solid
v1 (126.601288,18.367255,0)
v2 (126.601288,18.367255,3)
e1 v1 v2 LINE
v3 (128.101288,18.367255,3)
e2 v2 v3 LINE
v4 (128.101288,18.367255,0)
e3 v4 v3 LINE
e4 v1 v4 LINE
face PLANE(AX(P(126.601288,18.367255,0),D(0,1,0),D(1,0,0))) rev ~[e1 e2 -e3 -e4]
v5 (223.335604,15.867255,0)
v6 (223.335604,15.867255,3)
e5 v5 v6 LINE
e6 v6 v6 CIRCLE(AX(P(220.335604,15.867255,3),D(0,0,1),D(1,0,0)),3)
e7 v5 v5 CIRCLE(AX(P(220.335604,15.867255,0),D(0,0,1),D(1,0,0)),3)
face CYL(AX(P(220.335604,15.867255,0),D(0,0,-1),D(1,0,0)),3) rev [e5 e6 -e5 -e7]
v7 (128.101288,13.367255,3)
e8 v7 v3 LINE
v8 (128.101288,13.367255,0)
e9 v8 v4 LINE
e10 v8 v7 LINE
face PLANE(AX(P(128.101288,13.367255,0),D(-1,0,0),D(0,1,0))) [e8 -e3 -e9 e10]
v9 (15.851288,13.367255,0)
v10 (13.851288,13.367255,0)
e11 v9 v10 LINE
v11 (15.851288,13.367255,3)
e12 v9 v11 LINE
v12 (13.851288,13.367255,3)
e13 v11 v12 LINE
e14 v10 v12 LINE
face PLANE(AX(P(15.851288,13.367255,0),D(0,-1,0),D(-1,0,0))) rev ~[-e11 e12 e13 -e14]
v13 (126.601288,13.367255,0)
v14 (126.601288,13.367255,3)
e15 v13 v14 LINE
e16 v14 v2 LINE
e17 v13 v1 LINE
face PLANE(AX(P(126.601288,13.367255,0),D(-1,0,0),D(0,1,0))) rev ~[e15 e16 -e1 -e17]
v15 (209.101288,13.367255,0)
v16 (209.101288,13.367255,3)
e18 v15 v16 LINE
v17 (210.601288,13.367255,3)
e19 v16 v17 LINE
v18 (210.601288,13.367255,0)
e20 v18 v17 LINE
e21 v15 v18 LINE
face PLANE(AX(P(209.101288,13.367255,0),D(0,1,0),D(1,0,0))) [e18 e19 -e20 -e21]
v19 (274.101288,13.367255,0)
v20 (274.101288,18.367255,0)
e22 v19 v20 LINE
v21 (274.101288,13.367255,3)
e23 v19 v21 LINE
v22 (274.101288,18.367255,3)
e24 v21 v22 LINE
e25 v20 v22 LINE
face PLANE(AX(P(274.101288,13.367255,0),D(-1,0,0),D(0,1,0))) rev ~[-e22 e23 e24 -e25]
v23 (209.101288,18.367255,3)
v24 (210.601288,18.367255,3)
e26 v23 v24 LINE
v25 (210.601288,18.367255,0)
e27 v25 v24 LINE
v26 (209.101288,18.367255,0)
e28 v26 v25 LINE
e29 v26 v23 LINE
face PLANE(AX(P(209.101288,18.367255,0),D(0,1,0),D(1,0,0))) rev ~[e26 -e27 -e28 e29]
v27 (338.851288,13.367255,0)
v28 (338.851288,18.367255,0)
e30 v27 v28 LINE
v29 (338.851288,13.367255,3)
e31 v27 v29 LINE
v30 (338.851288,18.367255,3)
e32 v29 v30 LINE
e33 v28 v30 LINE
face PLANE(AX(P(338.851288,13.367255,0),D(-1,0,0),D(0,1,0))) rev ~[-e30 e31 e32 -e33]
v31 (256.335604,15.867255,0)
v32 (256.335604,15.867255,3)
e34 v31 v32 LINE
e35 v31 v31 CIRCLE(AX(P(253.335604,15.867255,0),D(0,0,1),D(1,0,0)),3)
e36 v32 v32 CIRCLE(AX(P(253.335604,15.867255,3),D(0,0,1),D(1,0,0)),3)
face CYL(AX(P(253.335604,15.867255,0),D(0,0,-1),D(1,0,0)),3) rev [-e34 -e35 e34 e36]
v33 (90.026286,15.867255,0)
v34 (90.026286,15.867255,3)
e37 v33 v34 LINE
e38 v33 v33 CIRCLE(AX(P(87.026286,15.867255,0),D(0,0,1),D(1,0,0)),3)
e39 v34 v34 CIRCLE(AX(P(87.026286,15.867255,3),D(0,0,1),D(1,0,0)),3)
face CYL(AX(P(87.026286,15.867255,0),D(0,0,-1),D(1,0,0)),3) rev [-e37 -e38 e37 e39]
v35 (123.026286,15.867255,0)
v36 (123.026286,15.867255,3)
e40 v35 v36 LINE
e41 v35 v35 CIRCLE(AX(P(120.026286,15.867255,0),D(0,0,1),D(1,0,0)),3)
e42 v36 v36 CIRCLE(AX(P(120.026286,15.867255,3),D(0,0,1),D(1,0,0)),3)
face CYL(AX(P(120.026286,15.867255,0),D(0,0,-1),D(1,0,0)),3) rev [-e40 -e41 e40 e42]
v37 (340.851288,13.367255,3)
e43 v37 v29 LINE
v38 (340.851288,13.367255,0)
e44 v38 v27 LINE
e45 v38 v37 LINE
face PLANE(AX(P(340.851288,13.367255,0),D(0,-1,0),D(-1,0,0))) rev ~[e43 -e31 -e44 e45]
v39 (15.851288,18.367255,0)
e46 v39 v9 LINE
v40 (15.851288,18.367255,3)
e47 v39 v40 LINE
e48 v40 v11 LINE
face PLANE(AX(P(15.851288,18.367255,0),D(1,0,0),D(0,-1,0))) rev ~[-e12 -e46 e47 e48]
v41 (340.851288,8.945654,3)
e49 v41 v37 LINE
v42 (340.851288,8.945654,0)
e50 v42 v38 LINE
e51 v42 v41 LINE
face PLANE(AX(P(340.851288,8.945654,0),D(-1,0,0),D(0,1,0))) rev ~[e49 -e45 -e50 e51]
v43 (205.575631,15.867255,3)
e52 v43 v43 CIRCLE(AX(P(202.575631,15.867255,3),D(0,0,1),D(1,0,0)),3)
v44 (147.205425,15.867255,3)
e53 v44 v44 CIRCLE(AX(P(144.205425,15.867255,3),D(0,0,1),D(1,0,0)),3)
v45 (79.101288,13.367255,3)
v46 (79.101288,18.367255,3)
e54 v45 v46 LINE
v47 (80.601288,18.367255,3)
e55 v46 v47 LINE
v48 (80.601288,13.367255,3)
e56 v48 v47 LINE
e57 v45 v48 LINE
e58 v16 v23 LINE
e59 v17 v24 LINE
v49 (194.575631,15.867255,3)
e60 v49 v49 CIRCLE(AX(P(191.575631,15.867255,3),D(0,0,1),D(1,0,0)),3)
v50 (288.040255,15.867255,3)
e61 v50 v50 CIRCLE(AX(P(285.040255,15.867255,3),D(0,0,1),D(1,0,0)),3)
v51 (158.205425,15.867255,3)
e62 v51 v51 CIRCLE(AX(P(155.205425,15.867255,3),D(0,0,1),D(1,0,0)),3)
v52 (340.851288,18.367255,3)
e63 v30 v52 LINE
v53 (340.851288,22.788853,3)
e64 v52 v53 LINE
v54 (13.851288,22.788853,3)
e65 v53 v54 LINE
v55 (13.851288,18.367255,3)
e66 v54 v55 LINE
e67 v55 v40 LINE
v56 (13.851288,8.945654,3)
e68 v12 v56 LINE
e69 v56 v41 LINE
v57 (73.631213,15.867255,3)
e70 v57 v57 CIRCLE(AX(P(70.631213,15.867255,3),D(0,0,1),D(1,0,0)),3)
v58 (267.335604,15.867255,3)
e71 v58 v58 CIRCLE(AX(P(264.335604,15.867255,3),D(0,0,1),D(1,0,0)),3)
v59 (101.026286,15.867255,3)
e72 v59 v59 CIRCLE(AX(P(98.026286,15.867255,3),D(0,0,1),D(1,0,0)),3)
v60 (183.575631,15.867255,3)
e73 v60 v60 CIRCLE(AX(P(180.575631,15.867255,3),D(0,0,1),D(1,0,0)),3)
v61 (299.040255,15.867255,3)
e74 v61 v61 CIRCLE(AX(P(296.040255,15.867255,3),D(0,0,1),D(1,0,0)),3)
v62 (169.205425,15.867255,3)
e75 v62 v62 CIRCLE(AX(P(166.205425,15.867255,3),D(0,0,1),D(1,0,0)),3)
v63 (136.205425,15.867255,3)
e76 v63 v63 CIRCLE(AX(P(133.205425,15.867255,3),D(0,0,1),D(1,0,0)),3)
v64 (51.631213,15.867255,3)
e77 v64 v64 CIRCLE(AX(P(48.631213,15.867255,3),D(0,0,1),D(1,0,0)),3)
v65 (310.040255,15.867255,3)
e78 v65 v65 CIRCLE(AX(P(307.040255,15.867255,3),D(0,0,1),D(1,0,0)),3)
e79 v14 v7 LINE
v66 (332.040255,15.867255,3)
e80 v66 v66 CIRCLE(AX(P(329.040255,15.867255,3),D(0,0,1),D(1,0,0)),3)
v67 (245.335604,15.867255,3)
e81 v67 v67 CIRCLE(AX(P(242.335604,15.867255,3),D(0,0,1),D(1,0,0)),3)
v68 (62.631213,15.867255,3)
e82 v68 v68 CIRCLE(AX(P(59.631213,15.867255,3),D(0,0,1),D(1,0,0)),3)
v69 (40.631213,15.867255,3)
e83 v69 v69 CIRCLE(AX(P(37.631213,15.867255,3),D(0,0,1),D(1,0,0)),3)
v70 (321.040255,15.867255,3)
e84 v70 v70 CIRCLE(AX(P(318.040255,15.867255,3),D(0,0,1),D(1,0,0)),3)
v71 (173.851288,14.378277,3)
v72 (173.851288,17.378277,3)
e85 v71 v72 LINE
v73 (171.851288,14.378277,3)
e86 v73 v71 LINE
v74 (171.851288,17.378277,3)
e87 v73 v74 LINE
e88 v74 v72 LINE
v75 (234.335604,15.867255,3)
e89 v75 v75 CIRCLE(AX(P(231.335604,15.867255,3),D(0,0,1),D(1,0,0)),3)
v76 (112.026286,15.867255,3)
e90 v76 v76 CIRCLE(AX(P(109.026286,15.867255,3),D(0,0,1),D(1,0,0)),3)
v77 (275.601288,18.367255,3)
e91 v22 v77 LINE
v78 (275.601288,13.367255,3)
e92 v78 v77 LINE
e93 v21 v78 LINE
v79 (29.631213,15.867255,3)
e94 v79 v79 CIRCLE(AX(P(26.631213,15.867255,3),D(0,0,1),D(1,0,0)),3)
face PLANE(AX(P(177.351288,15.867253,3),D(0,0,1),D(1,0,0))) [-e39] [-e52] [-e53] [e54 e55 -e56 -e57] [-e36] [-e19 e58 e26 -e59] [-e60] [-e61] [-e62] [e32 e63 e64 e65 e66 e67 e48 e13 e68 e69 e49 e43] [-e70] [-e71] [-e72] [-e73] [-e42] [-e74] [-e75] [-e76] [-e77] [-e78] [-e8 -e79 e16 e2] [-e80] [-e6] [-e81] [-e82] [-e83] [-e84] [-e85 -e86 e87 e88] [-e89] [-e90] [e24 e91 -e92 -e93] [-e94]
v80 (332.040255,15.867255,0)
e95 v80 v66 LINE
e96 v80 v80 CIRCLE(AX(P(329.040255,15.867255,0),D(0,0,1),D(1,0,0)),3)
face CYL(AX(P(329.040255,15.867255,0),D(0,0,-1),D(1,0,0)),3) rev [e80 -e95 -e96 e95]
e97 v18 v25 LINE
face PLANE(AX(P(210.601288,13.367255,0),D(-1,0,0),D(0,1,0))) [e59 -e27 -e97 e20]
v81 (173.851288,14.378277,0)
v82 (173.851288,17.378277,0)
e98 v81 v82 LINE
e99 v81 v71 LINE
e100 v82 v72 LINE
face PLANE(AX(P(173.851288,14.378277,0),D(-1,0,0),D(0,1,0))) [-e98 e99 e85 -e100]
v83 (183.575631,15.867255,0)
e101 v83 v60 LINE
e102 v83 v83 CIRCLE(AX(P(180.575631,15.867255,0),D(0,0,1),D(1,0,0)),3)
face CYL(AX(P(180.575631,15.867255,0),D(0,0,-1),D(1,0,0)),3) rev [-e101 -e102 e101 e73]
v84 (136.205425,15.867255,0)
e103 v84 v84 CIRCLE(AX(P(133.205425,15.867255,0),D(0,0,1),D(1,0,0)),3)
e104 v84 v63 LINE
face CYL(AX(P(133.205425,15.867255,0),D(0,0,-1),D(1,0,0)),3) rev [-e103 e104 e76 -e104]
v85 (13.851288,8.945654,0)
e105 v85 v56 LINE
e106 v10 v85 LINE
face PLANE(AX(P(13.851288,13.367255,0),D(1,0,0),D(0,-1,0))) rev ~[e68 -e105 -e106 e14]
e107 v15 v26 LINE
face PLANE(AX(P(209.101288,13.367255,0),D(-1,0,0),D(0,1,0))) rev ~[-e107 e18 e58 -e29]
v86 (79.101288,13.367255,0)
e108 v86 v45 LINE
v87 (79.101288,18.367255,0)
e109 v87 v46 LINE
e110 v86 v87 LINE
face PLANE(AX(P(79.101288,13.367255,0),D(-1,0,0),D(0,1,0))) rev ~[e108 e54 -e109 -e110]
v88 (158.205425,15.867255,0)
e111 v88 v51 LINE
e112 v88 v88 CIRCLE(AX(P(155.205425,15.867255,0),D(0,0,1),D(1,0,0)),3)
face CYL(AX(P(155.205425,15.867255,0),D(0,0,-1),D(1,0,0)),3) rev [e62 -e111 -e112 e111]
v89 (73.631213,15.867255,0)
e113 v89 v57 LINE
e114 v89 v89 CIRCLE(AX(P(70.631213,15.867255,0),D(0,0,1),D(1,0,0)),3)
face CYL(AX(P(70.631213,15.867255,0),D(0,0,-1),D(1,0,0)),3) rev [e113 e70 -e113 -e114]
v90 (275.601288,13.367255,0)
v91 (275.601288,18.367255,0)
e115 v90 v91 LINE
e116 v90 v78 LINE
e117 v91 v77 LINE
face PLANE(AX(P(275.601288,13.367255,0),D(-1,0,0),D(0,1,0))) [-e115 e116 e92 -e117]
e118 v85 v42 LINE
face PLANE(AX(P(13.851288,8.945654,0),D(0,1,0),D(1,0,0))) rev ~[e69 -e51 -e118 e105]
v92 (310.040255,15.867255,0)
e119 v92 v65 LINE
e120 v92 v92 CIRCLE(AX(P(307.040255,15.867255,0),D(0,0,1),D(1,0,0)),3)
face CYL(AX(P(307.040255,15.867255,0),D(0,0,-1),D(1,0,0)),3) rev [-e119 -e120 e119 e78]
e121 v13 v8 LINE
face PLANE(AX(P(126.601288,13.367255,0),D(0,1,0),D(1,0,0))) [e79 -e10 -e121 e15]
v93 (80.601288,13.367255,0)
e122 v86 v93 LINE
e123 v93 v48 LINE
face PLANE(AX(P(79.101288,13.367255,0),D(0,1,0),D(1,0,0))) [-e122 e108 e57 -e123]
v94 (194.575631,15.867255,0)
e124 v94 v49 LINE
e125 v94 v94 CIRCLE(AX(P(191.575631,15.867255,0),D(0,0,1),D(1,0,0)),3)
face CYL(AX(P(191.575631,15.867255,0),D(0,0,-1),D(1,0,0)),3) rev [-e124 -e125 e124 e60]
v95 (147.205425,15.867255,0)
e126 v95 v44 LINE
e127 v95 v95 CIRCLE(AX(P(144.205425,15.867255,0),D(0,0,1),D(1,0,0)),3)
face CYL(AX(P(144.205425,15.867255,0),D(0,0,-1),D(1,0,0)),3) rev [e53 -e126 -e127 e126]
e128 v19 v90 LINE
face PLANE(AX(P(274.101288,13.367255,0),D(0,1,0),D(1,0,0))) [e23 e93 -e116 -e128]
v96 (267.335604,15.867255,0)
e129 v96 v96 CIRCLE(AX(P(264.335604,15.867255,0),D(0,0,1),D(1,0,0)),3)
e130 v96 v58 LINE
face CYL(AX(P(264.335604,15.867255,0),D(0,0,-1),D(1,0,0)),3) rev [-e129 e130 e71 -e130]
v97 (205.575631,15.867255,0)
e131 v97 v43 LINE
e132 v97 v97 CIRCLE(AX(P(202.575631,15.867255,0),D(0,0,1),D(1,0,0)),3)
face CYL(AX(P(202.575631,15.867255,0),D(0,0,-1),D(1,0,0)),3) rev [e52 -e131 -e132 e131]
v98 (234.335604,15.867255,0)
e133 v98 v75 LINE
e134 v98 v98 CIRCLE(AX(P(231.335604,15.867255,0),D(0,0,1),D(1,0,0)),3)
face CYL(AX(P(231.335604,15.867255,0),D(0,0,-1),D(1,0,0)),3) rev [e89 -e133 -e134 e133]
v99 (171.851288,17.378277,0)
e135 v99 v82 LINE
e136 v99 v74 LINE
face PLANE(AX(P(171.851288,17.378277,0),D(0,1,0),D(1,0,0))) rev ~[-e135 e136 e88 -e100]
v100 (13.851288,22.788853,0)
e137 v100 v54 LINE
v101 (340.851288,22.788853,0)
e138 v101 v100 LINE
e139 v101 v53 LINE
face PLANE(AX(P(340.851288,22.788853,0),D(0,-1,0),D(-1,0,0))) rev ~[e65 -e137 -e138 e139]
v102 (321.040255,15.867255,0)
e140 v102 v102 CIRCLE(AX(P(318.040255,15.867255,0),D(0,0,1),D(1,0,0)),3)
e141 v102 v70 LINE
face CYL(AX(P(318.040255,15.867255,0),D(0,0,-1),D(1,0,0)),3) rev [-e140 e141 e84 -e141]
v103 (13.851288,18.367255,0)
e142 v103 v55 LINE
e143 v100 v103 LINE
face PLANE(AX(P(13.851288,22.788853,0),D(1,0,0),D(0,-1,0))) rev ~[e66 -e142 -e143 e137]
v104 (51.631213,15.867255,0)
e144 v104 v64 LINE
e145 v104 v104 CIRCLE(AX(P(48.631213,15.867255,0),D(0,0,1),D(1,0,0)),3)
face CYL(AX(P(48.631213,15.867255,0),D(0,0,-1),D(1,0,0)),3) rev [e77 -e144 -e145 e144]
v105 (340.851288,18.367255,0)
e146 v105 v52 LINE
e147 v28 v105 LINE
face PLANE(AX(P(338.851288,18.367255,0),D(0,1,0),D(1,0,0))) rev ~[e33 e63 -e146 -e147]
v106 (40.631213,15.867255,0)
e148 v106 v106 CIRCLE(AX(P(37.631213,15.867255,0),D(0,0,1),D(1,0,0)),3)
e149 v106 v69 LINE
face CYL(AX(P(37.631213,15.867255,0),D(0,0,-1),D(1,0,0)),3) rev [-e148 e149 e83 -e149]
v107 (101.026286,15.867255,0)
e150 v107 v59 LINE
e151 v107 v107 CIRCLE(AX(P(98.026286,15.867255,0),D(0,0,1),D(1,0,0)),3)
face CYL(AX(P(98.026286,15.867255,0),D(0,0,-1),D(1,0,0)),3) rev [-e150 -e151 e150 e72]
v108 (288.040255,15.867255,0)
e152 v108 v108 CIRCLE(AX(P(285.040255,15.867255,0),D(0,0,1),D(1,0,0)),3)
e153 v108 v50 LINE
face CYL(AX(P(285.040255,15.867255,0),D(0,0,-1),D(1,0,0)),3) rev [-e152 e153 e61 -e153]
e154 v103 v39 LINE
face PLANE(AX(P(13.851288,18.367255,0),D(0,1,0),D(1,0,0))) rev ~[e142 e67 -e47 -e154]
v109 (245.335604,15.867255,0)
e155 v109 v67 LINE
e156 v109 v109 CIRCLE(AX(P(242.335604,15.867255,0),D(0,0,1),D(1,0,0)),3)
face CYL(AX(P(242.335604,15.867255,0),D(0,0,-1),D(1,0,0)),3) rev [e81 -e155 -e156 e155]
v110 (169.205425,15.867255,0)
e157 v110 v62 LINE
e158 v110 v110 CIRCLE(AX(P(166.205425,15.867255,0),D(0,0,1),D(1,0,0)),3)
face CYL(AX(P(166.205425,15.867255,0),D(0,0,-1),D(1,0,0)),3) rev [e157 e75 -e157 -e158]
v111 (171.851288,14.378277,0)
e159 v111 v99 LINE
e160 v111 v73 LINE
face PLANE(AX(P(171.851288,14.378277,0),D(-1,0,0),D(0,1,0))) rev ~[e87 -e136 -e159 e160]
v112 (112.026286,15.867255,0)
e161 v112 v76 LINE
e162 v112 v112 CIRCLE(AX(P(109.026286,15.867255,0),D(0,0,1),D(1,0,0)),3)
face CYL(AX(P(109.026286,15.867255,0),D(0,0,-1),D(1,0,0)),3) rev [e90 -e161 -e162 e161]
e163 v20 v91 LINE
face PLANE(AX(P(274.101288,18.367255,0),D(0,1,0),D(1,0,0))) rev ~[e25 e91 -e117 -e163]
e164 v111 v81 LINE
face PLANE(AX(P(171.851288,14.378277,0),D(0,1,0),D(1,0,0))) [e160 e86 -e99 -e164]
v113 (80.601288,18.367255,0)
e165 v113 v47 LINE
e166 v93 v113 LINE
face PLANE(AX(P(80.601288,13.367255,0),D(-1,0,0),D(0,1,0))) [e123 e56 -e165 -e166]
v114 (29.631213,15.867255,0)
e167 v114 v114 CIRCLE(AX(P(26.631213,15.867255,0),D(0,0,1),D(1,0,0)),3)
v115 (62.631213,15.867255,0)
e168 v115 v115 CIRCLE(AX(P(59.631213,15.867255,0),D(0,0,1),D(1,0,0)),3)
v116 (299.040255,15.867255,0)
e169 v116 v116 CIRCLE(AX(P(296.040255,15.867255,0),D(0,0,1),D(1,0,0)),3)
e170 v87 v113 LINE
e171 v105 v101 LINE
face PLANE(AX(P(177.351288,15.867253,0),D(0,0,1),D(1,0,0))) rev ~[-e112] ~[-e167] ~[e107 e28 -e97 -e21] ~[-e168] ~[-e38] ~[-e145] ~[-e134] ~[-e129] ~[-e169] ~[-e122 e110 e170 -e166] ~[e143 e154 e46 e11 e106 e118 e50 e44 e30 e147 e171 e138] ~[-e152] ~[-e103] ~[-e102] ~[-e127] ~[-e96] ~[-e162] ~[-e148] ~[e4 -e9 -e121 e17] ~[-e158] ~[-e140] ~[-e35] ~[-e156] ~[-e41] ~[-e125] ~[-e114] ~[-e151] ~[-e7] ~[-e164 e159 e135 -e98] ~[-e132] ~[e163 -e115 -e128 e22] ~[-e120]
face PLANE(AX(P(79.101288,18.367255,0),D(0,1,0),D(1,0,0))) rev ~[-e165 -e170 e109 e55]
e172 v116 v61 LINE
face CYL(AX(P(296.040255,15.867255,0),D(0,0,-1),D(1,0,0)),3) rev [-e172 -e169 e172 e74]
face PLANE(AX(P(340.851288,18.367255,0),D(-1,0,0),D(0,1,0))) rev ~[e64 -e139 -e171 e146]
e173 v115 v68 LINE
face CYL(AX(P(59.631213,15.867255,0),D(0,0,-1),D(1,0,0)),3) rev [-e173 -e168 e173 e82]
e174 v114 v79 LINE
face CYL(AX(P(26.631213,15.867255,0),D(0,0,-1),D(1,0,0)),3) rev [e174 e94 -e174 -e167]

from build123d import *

# Parameters (mm, degrees)
MODEL_R         = 3
MODEL_W         = 1.5
MODEL_H         = 5
MODEL_W_2       = 2
MODEL_H_2       = 3
EXTRUDE_1_DEPTH = 3


with BuildPart() as part:
    # Model → 凸台-拉伸1 (new body)
    with BuildSketch(Plane.XY):
        Polygon((13.851287916, 22.788853141), (13.851287916, 18.367254581), (15.851287916, 18.367254581), (15.851287916, 13.367254581), (13.851287916, 13.367254581), (13.851287916, 8.945653722), (29.822931445, 8.945653722), (340.851287916, 8.945653722), (340.851287916, 13.367254581), (338.851287916, 13.367254581), (338.851287916, 18.367254581), (340.851287916, 18.367254581), (340.851287916, 22.788853141), (29.824992994, 22.788853141), align=None)
        with Locations((26.631213357, 15.867254581)):
            Circle(MODEL_R, mode=Mode.SUBTRACT)
        with Locations((37.631213357, 15.867254581)):
            Circle(MODEL_R, mode=Mode.SUBTRACT)
        with Locations((48.631213357, 15.867254581)):
            Circle(MODEL_R, mode=Mode.SUBTRACT)
        with Locations((59.631213357, 15.867254581)):
            Circle(MODEL_R, mode=Mode.SUBTRACT)
        with Locations((70.631213357, 15.867254581)):
            Circle(MODEL_R, mode=Mode.SUBTRACT)
        with Locations((87.026286184, 15.867254581)):
            Circle(MODEL_R, mode=Mode.SUBTRACT)
        with Locations((98.026286184, 15.867254581)):
            Circle(MODEL_R, mode=Mode.SUBTRACT)
        with Locations((109.026286184, 15.867254581)):
            Circle(MODEL_R, mode=Mode.SUBTRACT)
        with Locations((120.026286184, 15.867254581)):
            Circle(MODEL_R, mode=Mode.SUBTRACT)
        with Locations((133.205424602, 15.867254581)):
            Circle(MODEL_R, mode=Mode.SUBTRACT)
        with Locations((144.205424602, 15.867254581)):
            Circle(MODEL_R, mode=Mode.SUBTRACT)
        with Locations((155.205424602, 15.867254581)):
            Circle(MODEL_R, mode=Mode.SUBTRACT)
        with Locations((166.205424602, 15.867254581)):
            Circle(MODEL_R, mode=Mode.SUBTRACT)
        with Locations((180.575631043, 15.867254581)):
            Circle(MODEL_R, mode=Mode.SUBTRACT)
        with Locations((191.575631043, 15.867254581)):
            Circle(MODEL_R, mode=Mode.SUBTRACT)
        with Locations((202.575631043, 15.867254581)):
            Circle(MODEL_R, mode=Mode.SUBTRACT)
        with Locations((220.335604036, 15.867254581)):
            Circle(MODEL_R, mode=Mode.SUBTRACT)
        with Locations((231.335604036, 15.867254581)):
            Circle(MODEL_R, mode=Mode.SUBTRACT)
        with Locations((242.335604036, 15.867254581)):
            Circle(MODEL_R, mode=Mode.SUBTRACT)
        with Locations((253.335604036, 15.867254581)):
            Circle(MODEL_R, mode=Mode.SUBTRACT)
        with Locations((264.335604036, 15.867254581)):
            Circle(MODEL_R, mode=Mode.SUBTRACT)
        with Locations((285.040254887, 15.867254581)):
            Circle(MODEL_R, mode=Mode.SUBTRACT)
        with Locations((296.040254887, 15.867254581)):
            Circle(MODEL_R, mode=Mode.SUBTRACT)
        with Locations((307.040254887, 15.867254581)):
            Circle(MODEL_R, mode=Mode.SUBTRACT)
        with Locations((318.040254887, 15.867254581)):
            Circle(MODEL_R, mode=Mode.SUBTRACT)
        with Locations((329.040254887, 15.867254581)):
            Circle(MODEL_R, mode=Mode.SUBTRACT)
        with Locations((79.851287916, 15.867254581)):
            Rectangle(MODEL_W, MODEL_H, mode=Mode.SUBTRACT)
        with Locations((209.851287916, 15.867254581)):
            Rectangle(MODEL_W, MODEL_H, mode=Mode.SUBTRACT)
        with Locations((274.851287916, 15.867254581)):
            Rectangle(MODEL_W, MODEL_H, mode=Mode.SUBTRACT)
        with Locations((172.851287916, 15.87827705)):
            Rectangle(MODEL_W_2, MODEL_H_2, mode=Mode.SUBTRACT)
        with Locations((127.351287916, 15.867254581)):
            Rectangle(MODEL_W, MODEL_H, mode=Mode.SUBTRACT)
    extrude(amount=EXTRUDE_1_DEPTH)


solid = part.part
